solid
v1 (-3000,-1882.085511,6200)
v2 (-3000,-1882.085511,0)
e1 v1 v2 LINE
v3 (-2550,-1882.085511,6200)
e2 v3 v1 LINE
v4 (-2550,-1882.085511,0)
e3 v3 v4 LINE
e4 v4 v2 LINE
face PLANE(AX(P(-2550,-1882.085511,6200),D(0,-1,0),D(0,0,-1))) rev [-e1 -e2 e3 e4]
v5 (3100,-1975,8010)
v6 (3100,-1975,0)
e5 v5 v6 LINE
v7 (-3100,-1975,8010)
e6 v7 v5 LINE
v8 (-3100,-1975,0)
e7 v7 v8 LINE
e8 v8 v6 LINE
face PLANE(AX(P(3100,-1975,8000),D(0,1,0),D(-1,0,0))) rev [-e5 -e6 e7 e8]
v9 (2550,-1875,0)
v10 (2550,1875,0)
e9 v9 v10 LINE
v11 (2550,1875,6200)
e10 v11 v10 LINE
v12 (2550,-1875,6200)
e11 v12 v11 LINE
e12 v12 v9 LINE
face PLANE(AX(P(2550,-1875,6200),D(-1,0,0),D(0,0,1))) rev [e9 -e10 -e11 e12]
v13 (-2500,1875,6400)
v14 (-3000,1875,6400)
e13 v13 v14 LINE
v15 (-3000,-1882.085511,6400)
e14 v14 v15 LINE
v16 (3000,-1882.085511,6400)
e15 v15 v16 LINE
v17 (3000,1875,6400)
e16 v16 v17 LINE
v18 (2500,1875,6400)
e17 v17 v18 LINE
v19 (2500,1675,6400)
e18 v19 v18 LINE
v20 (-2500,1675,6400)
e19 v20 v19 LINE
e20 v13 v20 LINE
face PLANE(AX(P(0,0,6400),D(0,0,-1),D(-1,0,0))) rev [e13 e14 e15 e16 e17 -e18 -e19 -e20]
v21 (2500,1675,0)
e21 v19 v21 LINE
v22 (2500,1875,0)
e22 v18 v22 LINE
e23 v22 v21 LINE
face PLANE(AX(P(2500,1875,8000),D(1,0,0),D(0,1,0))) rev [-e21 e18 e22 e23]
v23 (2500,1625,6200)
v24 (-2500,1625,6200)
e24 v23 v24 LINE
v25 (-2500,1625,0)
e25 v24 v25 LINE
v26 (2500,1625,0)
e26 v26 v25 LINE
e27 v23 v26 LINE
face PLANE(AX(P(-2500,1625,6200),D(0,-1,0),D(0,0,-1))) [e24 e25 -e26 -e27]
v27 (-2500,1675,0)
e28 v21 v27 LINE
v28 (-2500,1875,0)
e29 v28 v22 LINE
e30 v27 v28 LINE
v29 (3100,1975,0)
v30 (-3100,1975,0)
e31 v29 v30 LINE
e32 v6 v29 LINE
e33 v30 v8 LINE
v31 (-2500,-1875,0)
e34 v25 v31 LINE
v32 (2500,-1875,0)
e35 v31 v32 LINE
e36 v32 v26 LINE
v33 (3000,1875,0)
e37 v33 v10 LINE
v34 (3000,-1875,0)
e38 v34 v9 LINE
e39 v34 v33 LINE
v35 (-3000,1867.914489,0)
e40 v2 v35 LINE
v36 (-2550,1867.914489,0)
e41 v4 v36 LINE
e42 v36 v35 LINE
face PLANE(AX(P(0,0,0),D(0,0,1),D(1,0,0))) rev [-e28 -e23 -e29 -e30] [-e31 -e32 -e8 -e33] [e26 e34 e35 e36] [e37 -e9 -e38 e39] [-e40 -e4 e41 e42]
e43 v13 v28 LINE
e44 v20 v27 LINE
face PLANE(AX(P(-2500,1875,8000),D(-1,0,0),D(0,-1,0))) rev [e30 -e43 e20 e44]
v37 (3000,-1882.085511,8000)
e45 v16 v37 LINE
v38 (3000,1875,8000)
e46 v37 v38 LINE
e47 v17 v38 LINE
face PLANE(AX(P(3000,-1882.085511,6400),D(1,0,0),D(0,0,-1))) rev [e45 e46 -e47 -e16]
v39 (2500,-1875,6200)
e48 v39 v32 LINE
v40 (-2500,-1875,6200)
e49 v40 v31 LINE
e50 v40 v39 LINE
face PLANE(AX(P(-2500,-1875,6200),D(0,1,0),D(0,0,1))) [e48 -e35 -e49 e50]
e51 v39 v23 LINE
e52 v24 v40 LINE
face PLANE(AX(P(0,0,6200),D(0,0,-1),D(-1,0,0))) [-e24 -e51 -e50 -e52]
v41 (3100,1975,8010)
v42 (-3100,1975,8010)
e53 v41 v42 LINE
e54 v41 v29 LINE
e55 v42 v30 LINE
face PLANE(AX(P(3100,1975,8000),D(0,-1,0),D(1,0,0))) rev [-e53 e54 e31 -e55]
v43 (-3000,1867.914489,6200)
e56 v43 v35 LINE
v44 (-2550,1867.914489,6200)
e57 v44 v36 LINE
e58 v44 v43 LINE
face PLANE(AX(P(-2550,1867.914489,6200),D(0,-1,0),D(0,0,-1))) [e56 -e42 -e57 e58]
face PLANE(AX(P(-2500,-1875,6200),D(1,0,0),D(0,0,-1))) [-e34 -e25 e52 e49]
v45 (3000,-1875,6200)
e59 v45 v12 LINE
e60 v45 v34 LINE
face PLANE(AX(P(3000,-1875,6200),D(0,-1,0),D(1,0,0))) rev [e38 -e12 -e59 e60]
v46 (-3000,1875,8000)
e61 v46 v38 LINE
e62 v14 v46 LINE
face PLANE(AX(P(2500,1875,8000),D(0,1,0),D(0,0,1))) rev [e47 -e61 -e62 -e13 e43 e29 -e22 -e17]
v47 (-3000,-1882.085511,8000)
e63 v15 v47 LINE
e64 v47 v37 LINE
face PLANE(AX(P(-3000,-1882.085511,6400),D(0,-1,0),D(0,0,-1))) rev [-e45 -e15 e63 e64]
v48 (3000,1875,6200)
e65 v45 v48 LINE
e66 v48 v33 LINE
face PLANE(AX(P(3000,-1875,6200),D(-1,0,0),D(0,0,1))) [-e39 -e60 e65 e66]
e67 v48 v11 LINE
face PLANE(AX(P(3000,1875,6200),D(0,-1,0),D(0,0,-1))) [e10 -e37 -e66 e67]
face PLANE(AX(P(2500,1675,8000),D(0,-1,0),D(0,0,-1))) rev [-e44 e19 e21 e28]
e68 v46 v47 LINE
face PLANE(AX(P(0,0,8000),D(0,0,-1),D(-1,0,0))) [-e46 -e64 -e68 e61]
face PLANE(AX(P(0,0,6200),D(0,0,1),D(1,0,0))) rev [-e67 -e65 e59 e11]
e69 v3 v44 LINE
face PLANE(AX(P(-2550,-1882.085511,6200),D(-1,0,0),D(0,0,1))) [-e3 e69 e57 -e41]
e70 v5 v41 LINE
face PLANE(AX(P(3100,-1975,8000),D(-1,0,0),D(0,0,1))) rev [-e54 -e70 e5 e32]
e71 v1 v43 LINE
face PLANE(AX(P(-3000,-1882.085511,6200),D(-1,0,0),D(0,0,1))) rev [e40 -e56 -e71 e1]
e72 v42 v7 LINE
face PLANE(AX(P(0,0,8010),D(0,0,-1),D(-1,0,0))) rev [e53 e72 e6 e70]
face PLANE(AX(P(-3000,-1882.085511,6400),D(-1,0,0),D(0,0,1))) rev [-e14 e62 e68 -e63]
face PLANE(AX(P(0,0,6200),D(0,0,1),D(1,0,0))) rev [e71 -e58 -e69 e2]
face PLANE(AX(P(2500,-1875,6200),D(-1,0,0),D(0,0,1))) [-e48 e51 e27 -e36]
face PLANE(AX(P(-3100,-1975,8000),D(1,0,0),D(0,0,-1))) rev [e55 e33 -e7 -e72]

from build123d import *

# Parameters (mm, degrees)
SKETCH1_W           = 6200
SKETCH1_H           = 3950
BOSS_EXTRUDE1_DEPTH = 8000
SKETCH2_W           = 5000
SKETCH2_H           = 3500
CUT_EXTRUDE3_DEPTH  = 6200
SKETCH4_W           = 450
SKETCH4_H           = 3750
CUT_EXTRUDE5_DEPTH  = 6200
SKETCH5_W           = 5000
SKETCH5_H           = 200
CUT_EXTRUDE6_DEPTH  = 8000
SKETCH6_W           = 6000
SKETCH6_H           = 3757.085511021
CUT_EXTRUDE8_DEPTH  = 1600
SKETCH7_W           = 6200
SKETCH7_H           = 3950
BOSS_EXTRUDE2_DEPTH = 10


with BuildPart() as part:
    # Sketch1 → Boss-Extrude1 (new body)
    with BuildSketch(Plane.XY):
        Rectangle(SKETCH1_W, SKETCH1_H)
    extrude(amount=BOSS_EXTRUDE1_DEPTH)

    # Sketch2 → Cut-Extrude3 (cut)
    with BuildSketch(Plane.XY):
        with Locations((0, -125)):
            Rectangle(SKETCH2_W, SKETCH2_H)
    extrude(amount=CUT_EXTRUDE3_DEPTH, mode=Mode.SUBTRACT)

    # Sketch4 → Cut-Extrude5 (cut)
    with BuildSketch(Plane.XY):
        with Locations((2775, 0)):
            Rectangle(SKETCH4_W, SKETCH4_H)
        with Locations((-2775, -7.085511021)):
            Rectangle(SKETCH4_W, SKETCH4_H)
    extrude(amount=CUT_EXTRUDE5_DEPTH, mode=Mode.SUBTRACT)

    # Sketch5 → Cut-Extrude6 (cut)
    with BuildSketch(Plane(origin=(0, 0, 0), x_dir=(-1, 0, 0), z_dir=(0, 0, -1))):
        with Locations((0, 1775)):
            Rectangle(SKETCH5_W, SKETCH5_H)
    extrude(amount=-CUT_EXTRUDE6_DEPTH, mode=Mode.SUBTRACT)

    # Sketch6 → Cut-Extrude8 (cut)
    with BuildSketch(Plane.XY.offset(8000)):
        with Locations((0, -3.542755511)):
            Rectangle(SKETCH6_W, SKETCH6_H)
    extrude(amount=-CUT_EXTRUDE8_DEPTH, mode=Mode.SUBTRACT)

    # Sketch7 → Boss-Extrude2 (add)
    with BuildSketch(Plane.XY.offset(8000)):
        Rectangle(SKETCH7_W, SKETCH7_H)
    extrude(amount=BOSS_EXTRUDE2_DEPTH)


solid = part.part
